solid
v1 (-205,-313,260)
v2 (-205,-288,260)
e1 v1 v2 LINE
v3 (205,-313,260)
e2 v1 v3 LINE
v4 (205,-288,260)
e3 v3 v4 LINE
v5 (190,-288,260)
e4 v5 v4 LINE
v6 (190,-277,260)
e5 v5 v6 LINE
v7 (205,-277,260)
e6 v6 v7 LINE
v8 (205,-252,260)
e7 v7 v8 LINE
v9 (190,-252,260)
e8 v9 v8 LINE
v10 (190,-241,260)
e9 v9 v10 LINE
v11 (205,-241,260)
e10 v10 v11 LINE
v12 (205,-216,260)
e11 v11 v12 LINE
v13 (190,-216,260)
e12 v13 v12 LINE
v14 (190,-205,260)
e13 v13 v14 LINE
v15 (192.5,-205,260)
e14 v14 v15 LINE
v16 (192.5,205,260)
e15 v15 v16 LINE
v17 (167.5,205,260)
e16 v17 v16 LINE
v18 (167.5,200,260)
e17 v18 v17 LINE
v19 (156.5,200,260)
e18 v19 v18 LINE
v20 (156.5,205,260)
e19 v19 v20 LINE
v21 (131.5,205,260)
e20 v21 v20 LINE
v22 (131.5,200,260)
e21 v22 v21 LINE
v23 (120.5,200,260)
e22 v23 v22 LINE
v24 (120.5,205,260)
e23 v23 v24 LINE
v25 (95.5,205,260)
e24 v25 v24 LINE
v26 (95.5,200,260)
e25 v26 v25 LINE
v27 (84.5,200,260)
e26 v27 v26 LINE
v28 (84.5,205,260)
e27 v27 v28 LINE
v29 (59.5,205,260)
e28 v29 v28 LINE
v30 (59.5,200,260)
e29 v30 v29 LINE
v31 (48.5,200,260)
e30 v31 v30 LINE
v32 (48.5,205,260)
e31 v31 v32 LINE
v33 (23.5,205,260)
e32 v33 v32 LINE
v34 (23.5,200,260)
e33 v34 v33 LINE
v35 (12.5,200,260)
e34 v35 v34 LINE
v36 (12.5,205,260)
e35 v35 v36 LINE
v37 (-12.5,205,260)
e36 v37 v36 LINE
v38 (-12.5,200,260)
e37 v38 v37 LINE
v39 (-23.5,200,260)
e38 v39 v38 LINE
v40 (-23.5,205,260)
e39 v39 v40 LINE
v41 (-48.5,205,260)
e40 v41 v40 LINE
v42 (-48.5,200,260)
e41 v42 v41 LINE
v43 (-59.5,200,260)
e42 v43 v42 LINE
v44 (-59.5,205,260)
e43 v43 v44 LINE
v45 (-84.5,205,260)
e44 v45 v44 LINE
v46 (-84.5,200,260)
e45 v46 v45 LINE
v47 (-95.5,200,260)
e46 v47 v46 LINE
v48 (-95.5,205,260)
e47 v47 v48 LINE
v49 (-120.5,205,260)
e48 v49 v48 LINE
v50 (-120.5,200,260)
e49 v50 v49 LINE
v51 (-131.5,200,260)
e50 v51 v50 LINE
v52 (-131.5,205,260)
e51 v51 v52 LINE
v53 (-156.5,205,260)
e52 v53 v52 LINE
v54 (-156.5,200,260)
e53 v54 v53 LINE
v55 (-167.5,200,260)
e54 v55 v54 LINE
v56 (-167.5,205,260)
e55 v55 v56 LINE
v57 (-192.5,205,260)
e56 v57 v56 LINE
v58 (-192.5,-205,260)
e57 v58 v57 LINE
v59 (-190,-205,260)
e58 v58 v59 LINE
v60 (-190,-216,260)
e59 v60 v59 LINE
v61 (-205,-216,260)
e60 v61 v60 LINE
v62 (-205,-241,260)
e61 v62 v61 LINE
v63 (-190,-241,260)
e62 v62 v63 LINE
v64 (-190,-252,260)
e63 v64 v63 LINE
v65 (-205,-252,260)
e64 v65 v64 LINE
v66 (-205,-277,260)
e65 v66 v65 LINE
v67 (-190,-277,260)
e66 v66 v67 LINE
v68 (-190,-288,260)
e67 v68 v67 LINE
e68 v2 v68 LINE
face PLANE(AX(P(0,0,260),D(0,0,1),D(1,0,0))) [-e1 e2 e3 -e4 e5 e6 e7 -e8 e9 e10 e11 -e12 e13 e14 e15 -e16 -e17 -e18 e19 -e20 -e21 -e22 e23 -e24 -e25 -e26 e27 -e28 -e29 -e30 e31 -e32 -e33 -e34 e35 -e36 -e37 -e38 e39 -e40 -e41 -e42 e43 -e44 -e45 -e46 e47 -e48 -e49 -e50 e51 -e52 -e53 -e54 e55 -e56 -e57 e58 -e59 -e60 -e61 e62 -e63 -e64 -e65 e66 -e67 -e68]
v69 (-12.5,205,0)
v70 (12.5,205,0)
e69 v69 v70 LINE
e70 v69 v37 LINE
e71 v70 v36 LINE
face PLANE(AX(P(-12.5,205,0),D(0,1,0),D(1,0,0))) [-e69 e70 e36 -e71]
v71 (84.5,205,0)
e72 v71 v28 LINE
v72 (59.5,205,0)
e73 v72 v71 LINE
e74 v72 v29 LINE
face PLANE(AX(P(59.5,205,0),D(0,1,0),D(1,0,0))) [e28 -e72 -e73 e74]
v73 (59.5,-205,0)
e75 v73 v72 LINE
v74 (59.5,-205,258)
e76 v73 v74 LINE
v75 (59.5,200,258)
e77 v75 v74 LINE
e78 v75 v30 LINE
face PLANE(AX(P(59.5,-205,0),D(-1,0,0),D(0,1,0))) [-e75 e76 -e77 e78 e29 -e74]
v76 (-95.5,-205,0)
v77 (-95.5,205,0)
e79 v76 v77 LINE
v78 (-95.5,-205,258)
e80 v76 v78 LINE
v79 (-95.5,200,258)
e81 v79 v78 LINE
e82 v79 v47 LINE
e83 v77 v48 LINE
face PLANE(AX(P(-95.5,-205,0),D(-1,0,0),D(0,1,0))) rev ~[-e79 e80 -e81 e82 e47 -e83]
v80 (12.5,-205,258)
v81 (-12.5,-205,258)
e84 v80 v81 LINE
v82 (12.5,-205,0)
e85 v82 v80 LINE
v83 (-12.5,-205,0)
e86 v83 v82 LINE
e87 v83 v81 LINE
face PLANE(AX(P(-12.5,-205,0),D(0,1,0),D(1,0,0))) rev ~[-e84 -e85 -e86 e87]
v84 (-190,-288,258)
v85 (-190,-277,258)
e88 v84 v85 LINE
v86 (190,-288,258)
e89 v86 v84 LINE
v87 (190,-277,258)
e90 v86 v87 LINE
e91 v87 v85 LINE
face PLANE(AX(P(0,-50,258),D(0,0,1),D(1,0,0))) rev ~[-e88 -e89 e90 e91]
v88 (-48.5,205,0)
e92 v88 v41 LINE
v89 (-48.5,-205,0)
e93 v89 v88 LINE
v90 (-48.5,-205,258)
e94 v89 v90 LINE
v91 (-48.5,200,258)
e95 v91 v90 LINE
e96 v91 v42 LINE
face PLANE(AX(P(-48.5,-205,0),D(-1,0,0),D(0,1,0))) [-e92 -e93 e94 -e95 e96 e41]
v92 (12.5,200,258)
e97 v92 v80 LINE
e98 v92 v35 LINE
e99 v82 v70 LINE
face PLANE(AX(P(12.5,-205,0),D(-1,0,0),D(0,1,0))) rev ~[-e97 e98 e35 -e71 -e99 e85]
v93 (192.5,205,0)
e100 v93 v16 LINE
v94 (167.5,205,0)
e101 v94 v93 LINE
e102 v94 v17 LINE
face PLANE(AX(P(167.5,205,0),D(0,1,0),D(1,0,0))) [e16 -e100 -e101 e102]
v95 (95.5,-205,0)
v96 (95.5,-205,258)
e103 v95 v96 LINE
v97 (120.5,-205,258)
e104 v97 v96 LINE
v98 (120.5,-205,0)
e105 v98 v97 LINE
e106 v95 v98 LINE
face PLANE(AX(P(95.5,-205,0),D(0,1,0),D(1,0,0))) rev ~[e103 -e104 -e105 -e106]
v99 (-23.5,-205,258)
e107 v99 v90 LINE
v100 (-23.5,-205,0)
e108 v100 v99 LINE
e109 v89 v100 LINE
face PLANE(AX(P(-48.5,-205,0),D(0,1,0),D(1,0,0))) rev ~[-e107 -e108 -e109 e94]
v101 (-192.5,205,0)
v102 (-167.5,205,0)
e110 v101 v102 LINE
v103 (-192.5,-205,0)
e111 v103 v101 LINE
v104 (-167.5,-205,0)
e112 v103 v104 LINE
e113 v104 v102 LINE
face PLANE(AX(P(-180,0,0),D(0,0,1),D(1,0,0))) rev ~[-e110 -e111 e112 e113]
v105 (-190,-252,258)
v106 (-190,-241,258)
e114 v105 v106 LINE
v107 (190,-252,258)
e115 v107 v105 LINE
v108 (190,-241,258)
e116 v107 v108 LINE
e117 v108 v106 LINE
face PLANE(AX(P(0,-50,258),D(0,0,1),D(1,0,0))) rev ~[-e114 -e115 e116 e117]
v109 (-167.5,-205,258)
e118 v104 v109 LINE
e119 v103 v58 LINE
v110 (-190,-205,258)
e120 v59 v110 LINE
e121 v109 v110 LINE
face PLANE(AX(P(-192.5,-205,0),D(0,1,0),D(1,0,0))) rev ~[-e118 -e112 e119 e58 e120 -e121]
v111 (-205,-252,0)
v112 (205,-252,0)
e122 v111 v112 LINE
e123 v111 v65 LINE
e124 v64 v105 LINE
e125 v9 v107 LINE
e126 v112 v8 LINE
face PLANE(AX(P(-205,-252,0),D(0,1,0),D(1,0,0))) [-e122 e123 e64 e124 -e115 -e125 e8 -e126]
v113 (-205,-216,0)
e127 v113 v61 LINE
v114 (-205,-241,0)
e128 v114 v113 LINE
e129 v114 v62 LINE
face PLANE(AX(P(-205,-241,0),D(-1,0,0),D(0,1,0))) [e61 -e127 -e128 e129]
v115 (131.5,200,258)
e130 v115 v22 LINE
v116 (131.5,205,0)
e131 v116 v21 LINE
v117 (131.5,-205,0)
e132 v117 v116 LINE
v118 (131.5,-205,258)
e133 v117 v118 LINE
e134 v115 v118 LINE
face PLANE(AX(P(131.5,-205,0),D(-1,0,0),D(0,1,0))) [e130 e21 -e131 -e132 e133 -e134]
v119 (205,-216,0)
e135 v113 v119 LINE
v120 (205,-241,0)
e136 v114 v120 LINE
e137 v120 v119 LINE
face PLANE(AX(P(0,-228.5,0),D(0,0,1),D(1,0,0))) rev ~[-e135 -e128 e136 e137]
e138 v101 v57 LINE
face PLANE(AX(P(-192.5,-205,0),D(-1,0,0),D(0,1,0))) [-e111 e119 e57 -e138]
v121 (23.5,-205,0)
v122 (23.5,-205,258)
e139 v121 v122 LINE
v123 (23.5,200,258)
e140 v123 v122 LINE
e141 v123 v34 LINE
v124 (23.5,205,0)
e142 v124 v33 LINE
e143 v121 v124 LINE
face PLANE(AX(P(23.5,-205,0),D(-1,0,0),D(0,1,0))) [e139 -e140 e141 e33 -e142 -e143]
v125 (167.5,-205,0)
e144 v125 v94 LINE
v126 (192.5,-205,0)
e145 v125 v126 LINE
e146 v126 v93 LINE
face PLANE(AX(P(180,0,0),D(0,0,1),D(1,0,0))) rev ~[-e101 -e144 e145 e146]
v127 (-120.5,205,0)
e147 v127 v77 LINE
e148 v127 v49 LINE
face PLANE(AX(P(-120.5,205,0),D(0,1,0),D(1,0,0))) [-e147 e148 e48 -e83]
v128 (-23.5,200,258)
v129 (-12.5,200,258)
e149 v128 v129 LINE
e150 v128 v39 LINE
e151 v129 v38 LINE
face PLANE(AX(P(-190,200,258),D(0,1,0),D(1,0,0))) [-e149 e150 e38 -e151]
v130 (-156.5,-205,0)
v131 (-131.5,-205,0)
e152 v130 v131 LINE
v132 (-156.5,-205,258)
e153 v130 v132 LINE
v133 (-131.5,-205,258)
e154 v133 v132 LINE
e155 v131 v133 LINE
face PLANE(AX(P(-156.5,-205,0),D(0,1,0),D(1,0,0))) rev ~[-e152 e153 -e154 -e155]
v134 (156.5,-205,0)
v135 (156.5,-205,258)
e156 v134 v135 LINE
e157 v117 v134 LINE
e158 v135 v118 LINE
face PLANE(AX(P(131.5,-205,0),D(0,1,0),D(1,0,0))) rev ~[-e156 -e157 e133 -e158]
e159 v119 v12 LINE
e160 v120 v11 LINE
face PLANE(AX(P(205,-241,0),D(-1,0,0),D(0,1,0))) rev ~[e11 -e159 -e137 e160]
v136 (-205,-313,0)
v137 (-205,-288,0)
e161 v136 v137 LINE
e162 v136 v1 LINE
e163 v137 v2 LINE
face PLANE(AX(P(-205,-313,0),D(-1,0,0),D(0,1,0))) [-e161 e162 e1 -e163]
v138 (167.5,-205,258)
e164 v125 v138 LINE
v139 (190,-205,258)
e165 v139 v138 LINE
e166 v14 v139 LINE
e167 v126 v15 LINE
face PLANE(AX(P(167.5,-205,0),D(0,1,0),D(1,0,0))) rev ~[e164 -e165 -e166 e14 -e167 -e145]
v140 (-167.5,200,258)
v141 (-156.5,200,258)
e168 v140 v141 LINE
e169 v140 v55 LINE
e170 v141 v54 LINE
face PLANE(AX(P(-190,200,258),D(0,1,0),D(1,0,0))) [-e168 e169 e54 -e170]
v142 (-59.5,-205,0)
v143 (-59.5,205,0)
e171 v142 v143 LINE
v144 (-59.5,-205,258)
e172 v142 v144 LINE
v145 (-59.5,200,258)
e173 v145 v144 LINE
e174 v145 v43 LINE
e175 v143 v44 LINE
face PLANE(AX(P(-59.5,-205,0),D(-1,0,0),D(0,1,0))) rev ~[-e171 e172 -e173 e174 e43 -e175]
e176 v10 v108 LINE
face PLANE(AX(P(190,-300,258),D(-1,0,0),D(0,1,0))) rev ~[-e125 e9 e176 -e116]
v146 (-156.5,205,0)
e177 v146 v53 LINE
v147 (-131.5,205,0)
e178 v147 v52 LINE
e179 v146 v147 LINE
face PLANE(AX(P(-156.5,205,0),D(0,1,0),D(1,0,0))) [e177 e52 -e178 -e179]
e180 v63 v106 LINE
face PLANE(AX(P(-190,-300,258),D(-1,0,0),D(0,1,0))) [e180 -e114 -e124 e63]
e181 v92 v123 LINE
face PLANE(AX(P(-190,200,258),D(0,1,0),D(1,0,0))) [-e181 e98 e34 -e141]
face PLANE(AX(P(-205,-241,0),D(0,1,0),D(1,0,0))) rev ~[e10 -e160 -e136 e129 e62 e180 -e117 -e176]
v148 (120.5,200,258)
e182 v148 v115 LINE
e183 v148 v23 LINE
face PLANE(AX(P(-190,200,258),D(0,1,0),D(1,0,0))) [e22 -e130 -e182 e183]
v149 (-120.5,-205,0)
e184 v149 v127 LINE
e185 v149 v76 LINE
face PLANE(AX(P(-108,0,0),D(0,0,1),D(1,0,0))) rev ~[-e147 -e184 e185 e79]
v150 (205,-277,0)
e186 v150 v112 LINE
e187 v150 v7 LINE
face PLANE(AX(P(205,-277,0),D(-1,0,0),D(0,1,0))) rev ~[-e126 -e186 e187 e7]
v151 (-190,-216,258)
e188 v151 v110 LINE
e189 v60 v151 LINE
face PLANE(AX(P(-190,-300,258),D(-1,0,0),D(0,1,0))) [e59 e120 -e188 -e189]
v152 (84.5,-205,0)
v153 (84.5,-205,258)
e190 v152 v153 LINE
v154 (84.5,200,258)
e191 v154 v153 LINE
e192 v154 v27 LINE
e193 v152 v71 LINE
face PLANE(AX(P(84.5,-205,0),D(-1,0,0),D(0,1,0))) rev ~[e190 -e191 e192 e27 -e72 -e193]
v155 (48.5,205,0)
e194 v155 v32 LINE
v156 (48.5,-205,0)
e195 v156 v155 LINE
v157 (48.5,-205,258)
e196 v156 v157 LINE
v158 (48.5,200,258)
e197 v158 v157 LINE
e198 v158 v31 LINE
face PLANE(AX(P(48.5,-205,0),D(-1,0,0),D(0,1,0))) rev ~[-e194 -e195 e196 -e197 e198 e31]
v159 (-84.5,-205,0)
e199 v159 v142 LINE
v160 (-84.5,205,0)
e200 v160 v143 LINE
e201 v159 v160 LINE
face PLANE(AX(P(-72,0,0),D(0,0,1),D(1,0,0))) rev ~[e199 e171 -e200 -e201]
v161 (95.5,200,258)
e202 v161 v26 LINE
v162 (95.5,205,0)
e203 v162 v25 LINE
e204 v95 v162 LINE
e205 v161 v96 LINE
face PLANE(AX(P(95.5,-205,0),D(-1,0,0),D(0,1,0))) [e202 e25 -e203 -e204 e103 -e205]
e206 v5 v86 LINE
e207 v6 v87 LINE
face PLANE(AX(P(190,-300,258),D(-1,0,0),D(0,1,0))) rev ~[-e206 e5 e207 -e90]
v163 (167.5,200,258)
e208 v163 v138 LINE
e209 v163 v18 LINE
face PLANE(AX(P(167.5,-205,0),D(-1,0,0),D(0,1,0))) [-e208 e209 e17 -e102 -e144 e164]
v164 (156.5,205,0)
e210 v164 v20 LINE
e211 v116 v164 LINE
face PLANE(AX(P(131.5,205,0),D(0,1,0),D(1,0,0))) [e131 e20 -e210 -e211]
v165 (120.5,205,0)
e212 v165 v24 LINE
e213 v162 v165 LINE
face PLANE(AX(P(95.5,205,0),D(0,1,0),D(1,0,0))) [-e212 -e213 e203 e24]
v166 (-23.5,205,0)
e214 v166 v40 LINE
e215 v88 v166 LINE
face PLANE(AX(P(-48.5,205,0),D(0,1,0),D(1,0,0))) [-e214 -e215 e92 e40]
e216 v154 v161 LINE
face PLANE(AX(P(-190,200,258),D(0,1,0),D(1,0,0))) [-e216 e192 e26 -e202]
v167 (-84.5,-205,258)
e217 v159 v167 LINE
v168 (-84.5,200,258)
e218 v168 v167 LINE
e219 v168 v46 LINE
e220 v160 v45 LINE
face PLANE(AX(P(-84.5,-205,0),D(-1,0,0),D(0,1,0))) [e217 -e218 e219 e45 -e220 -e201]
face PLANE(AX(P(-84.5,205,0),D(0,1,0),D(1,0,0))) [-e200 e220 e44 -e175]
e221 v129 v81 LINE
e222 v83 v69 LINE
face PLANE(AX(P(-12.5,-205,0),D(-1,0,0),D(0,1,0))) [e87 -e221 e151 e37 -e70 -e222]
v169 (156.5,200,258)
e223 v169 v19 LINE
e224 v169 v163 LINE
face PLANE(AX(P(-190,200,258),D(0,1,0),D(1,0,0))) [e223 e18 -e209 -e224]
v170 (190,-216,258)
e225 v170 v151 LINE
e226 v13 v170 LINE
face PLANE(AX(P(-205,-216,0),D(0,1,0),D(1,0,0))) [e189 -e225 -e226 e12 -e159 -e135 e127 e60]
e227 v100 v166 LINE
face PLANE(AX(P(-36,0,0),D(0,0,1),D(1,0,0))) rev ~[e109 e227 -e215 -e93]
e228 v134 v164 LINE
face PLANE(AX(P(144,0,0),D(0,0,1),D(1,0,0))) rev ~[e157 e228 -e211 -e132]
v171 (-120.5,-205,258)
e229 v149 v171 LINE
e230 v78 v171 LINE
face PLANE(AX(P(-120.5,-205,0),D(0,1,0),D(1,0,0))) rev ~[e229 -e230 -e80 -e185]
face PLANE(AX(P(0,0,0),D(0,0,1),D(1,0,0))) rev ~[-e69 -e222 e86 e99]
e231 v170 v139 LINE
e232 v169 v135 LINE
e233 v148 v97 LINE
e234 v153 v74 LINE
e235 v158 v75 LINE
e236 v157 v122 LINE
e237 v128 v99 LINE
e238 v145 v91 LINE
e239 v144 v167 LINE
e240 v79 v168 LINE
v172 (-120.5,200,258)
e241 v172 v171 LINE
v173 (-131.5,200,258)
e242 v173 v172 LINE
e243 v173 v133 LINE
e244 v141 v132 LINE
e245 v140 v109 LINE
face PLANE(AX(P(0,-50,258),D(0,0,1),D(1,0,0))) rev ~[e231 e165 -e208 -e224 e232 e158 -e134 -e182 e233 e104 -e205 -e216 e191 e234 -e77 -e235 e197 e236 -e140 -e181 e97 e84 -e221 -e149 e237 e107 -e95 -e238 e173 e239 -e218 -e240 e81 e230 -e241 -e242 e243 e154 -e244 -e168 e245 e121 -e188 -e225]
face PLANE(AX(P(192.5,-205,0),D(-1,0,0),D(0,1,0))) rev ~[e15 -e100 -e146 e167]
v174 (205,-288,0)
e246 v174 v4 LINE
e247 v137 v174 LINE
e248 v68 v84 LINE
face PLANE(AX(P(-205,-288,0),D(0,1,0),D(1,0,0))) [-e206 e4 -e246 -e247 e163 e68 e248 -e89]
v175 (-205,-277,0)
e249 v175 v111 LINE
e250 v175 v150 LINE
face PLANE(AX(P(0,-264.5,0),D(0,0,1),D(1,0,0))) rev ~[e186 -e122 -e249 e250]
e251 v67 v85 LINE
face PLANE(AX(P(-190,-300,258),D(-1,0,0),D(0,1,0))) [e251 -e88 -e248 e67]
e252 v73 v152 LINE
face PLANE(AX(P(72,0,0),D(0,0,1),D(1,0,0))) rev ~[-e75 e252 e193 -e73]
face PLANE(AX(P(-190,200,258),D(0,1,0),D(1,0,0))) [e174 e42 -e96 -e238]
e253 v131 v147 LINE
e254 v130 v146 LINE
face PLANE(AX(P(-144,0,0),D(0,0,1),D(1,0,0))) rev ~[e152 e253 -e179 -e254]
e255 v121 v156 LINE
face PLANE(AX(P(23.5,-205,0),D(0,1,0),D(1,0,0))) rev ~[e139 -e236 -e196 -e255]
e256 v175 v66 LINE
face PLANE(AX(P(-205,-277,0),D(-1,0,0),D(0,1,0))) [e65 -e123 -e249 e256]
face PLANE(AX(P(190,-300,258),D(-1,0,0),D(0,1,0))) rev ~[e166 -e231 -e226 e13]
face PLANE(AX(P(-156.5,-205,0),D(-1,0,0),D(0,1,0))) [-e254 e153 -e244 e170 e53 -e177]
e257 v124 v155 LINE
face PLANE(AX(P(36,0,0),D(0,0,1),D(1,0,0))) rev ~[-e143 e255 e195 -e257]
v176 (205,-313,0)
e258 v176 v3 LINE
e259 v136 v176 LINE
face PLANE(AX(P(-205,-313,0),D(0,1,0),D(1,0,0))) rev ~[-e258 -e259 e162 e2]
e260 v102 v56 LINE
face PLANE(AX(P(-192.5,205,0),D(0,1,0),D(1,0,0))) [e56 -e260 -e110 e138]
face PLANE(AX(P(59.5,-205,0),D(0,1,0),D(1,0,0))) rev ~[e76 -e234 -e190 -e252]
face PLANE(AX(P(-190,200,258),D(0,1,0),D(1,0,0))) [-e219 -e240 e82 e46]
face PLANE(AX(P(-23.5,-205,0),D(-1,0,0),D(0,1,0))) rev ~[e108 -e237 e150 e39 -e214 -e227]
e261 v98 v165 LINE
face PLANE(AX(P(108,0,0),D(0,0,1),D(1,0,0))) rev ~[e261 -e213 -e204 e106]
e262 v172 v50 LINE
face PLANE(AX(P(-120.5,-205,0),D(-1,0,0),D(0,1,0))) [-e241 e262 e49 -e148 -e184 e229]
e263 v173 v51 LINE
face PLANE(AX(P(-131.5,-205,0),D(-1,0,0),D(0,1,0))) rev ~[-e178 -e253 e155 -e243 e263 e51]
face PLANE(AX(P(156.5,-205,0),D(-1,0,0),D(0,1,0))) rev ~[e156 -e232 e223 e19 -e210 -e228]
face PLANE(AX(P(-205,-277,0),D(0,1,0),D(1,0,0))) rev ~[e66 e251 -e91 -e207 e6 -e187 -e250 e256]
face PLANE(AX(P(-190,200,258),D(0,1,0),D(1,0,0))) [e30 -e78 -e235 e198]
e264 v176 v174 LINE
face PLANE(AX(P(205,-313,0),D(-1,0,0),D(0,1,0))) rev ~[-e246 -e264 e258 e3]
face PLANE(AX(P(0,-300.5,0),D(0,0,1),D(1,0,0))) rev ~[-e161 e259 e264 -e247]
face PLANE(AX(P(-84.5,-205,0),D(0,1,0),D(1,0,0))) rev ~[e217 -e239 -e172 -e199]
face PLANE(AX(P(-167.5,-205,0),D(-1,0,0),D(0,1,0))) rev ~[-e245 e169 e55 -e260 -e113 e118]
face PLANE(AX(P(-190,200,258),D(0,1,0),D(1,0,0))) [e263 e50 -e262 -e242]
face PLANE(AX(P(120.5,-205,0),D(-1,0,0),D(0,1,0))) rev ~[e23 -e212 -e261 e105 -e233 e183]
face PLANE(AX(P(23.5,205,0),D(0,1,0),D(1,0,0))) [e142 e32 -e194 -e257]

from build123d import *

# Parameters (mm, degrees)
F1_W     = 380
F1_H     = 500
F2_DEPTH = 2
F3_W     = 25
F3_H     = 410
F3_W_2   = 410
F3_H_2   = 25
F4_DEPTH = 260


with BuildPart() as f2:
    # F1 (on offset) → F2 (new body)
    with BuildSketch(Plane.XY.offset(258)):
        with Locations((0, -50)):
            Rectangle(F1_W, F1_H)
    extrude(amount=F2_DEPTH)

    # F3 (on Top) → F4 (join)
    with BuildSketch(Plane.XY):
        Rectangle(F3_W, F3_H)
        with Locations((36, 0)):
            Rectangle(F3_W, F3_H)
        with Locations((72, 0)):
            Rectangle(F3_W, F3_H)
        with Locations((108, 0)):
            Rectangle(F3_W, F3_H)
        with Locations((144, 0)):
            Rectangle(F3_W, F3_H)
        with Locations((180, 0)):
            Rectangle(F3_W, F3_H)
        with Locations((-36, 0)):
            Rectangle(F3_W, F3_H)
        with Locations((-72, 0)):
            Rectangle(F3_W, F3_H)
        with Locations((-108, 0)):
            Rectangle(F3_W, F3_H)
        with Locations((-144, 0)):
            Rectangle(F3_W, F3_H)
        with Locations((-180, 0)):
            Rectangle(F3_W, F3_H)
        with Locations((0, -228.5)):
            Rectangle(F3_W_2, F3_H_2)
        with Locations((0, -264.5)):
            Rectangle(F3_W_2, F3_H_2)
        with Locations((0, -300.5)):
            Rectangle(F3_W_2, F3_H_2)
    extrude(amount=F4_DEPTH)


solid = f2.part
